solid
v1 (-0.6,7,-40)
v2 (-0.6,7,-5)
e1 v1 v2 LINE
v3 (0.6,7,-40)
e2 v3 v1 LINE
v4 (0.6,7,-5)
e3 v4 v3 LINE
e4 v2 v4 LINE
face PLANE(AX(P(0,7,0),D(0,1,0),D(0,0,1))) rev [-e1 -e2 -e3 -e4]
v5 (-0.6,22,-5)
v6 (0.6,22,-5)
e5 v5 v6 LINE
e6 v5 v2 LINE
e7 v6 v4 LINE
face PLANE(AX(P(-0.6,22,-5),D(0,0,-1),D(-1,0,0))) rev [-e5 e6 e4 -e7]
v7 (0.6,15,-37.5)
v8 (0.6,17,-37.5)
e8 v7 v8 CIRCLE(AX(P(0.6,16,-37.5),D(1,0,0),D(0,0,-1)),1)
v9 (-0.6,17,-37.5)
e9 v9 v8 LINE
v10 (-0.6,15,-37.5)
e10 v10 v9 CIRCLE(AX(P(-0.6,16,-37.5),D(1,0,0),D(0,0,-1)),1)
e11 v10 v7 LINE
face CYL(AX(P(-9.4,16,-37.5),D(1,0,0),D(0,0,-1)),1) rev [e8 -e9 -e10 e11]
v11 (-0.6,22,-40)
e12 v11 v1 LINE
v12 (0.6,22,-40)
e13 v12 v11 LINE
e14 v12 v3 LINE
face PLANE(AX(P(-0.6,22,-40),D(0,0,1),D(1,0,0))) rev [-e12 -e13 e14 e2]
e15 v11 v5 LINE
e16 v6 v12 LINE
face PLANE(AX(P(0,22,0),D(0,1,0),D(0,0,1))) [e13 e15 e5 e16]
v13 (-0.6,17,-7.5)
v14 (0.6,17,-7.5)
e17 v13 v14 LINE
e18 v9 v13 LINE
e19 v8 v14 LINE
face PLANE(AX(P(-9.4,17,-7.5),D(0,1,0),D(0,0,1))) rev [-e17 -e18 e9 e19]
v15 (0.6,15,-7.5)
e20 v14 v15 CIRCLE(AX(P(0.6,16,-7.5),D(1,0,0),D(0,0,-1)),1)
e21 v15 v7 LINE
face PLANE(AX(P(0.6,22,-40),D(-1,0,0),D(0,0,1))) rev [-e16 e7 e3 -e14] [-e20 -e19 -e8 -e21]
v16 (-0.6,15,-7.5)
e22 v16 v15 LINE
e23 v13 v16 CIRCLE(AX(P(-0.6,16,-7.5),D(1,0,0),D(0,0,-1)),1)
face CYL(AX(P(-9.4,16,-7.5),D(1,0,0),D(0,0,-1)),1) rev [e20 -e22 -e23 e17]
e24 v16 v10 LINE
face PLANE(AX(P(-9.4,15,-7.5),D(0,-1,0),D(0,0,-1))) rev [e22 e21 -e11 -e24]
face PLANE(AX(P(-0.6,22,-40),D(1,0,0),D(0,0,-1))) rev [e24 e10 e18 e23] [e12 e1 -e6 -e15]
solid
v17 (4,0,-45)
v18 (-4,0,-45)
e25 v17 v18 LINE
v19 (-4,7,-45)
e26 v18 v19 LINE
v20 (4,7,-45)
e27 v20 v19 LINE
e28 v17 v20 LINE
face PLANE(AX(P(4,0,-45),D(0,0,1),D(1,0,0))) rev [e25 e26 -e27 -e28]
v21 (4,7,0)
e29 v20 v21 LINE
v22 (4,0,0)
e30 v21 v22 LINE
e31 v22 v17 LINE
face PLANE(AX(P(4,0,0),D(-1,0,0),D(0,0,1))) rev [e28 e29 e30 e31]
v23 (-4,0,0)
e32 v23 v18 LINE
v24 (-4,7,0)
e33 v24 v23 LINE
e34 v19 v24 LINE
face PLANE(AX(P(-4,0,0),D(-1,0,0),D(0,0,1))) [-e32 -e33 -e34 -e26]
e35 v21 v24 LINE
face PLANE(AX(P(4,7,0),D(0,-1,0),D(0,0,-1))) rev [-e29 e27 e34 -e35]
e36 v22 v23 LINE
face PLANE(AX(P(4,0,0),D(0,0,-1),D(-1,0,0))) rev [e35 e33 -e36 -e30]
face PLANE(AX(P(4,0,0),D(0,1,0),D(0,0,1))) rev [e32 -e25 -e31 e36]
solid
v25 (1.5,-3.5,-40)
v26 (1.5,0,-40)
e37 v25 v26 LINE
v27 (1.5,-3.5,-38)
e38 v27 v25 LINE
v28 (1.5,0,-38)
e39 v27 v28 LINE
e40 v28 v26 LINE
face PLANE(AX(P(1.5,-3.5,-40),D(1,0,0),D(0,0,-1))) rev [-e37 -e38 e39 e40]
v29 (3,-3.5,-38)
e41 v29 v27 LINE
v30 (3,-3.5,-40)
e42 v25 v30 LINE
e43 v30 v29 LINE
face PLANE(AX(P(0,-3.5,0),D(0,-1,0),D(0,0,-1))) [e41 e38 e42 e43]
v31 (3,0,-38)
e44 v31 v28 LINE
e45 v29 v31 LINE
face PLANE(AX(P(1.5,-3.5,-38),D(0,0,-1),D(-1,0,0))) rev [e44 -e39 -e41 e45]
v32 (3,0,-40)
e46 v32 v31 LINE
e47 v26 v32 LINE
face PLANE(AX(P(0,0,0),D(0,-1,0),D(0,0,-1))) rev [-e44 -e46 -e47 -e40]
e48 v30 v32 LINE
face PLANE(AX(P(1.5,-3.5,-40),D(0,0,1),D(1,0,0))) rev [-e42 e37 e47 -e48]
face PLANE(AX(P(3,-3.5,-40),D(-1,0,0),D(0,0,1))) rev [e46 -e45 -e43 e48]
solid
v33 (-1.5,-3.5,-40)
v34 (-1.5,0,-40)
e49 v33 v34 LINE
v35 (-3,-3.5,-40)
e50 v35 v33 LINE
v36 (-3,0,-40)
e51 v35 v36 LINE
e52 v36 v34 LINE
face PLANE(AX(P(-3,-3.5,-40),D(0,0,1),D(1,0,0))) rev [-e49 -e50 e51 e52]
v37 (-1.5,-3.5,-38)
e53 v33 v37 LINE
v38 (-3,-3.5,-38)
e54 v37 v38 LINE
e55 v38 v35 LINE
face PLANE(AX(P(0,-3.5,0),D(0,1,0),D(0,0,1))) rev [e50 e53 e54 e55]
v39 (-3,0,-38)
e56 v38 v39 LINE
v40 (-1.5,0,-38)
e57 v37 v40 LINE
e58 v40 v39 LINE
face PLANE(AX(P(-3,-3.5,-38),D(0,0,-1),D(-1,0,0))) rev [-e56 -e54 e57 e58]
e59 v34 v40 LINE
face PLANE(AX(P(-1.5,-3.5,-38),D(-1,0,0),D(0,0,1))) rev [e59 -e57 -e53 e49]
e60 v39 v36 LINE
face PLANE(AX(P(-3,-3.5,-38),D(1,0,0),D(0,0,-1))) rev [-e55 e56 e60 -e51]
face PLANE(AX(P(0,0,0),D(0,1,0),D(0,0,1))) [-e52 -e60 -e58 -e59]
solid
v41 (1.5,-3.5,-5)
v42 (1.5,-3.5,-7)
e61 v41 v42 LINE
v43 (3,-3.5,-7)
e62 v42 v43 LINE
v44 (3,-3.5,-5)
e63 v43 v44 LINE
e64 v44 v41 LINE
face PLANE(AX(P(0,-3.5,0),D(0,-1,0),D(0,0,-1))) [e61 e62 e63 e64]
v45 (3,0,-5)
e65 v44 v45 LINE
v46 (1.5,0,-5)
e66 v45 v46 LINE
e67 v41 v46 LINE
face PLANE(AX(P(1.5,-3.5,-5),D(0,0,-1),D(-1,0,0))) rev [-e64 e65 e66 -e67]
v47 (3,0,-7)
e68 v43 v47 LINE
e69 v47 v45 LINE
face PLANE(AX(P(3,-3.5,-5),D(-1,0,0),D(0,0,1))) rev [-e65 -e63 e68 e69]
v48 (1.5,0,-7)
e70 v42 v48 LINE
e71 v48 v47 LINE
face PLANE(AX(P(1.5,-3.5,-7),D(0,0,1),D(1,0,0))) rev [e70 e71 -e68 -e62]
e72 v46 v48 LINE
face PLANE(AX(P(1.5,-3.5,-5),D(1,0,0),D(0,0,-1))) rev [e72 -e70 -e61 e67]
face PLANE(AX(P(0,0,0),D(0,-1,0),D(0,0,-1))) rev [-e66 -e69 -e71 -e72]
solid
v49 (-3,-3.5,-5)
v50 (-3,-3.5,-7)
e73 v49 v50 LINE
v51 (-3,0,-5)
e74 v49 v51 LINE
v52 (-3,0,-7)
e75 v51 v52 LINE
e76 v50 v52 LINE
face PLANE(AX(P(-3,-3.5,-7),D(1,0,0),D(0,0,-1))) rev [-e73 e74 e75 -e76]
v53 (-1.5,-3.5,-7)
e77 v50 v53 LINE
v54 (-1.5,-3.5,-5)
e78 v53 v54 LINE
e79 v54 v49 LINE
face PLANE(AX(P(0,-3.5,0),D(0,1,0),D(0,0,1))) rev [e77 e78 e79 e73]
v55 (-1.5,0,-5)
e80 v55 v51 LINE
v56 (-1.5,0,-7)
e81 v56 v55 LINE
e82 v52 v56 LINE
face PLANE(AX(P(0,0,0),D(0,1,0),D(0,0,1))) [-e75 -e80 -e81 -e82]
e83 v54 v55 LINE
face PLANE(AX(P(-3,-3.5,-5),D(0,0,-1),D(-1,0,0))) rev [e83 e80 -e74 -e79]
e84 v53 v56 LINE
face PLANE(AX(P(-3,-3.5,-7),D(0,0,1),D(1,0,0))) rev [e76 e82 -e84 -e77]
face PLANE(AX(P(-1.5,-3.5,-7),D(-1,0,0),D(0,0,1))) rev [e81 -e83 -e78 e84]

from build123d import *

# Parameters (mm, degrees)
SKETCH1_W             = 45
SKETCH1_H             = 7
BOSS_EXTRUDE1_DEPTH   = 4
SKETCH2_W             = 1.2
SKETCH2_H             = 35
BOSS_EXTRUDE2_DEPTH   = 15
SKETCH3_W             = 1.5
SKETCH3_H             = 2
BOSS_EXTRUDE3_DEPTH   = 3.5
BOSS_EXTRUDE3_2_DEPTH = 3.5
BOSS_EXTRUDE3_3_DEPTH = 3.5
BOSS_EXTRUDE3_4_DEPTH = 3.5
CUT_EXTRUDE1_DEPTH    = 10


with BuildPart() as part:
    # Sketch1 → Boss-Extrude1 (new, symmetric)
    with BuildSketch(Plane(origin=(0, 0, 0), x_dir=(0, 0, -1), z_dir=(1, 0, 0))):
        with Locations((22.5, 3.5)):
            Rectangle(SKETCH1_W, SKETCH1_H)
    extrude(amount=BOSS_EXTRUDE1_DEPTH, both=True)


with BuildPart() as body_2:
    # Sketch2 → Boss-Extrude2 (new body)
    with BuildSketch(Plane(origin=(0, 7, 0), x_dir=(1, 0, 0), z_dir=(0, 1, 0))):
        with Locations((0, 22.5)):
            Rectangle(SKETCH2_W, SKETCH2_H)
    extrude(amount=BOSS_EXTRUDE2_DEPTH)

    # Sketch4 → Cut-Extrude1 (cut)
    with BuildSketch(Plane(origin=(0.6, 0, 0), x_dir=(0, 0, -1), z_dir=(1, 0, 0))):
        with BuildLine():
            Line((7.5, 17), (37.5, 17))
            ThreePointArc((37.5, 17), (38.5, 16), (37.5, 15))
            Line((37.5, 15), (7.5, 15))
            ThreePointArc((7.5, 15), (6.5, 16), (7.5, 17))
        make_face()
    extrude(amount=-CUT_EXTRUDE1_DEPTH, mode=Mode.SUBTRACT)


with BuildPart() as body_3:
    # Sketch3 → Boss-Extrude3 (new body)
    with BuildSketch(Plane.XZ):
        with Locations((-2.25, -6)):
            Rectangle(SKETCH3_W, SKETCH3_H)
    extrude(amount=BOSS_EXTRUDE3_DEPTH)


with BuildPart() as body_4:
    # Sketch3 → Boss-Extrude3 2 (new body)
    with BuildSketch(Plane.XZ):
        with Locations((2.25, -6)):
            Rectangle(SKETCH3_W, SKETCH3_H)
    extrude(amount=BOSS_EXTRUDE3_2_DEPTH)


with BuildPart() as body_5:
    # Sketch3 → Boss-Extrude3 3 (new body)
    with BuildSketch(Plane.XZ):
        with Locations((2.25, -39)):
            Rectangle(SKETCH3_W, SKETCH3_H)
    extrude(amount=BOSS_EXTRUDE3_3_DEPTH)


with BuildPart() as body_6:
    # Sketch3 → Boss-Extrude3 4 (new body)
    with BuildSketch(Plane.XZ):
        with Locations((-2.25, -39)):
            Rectangle(SKETCH3_W, SKETCH3_H)
    extrude(amount=BOSS_EXTRUDE3_4_DEPTH)


solid = Compound([part.part, body_2.part, body_3.part, body_4.part, body_5.part, body_6.part])
